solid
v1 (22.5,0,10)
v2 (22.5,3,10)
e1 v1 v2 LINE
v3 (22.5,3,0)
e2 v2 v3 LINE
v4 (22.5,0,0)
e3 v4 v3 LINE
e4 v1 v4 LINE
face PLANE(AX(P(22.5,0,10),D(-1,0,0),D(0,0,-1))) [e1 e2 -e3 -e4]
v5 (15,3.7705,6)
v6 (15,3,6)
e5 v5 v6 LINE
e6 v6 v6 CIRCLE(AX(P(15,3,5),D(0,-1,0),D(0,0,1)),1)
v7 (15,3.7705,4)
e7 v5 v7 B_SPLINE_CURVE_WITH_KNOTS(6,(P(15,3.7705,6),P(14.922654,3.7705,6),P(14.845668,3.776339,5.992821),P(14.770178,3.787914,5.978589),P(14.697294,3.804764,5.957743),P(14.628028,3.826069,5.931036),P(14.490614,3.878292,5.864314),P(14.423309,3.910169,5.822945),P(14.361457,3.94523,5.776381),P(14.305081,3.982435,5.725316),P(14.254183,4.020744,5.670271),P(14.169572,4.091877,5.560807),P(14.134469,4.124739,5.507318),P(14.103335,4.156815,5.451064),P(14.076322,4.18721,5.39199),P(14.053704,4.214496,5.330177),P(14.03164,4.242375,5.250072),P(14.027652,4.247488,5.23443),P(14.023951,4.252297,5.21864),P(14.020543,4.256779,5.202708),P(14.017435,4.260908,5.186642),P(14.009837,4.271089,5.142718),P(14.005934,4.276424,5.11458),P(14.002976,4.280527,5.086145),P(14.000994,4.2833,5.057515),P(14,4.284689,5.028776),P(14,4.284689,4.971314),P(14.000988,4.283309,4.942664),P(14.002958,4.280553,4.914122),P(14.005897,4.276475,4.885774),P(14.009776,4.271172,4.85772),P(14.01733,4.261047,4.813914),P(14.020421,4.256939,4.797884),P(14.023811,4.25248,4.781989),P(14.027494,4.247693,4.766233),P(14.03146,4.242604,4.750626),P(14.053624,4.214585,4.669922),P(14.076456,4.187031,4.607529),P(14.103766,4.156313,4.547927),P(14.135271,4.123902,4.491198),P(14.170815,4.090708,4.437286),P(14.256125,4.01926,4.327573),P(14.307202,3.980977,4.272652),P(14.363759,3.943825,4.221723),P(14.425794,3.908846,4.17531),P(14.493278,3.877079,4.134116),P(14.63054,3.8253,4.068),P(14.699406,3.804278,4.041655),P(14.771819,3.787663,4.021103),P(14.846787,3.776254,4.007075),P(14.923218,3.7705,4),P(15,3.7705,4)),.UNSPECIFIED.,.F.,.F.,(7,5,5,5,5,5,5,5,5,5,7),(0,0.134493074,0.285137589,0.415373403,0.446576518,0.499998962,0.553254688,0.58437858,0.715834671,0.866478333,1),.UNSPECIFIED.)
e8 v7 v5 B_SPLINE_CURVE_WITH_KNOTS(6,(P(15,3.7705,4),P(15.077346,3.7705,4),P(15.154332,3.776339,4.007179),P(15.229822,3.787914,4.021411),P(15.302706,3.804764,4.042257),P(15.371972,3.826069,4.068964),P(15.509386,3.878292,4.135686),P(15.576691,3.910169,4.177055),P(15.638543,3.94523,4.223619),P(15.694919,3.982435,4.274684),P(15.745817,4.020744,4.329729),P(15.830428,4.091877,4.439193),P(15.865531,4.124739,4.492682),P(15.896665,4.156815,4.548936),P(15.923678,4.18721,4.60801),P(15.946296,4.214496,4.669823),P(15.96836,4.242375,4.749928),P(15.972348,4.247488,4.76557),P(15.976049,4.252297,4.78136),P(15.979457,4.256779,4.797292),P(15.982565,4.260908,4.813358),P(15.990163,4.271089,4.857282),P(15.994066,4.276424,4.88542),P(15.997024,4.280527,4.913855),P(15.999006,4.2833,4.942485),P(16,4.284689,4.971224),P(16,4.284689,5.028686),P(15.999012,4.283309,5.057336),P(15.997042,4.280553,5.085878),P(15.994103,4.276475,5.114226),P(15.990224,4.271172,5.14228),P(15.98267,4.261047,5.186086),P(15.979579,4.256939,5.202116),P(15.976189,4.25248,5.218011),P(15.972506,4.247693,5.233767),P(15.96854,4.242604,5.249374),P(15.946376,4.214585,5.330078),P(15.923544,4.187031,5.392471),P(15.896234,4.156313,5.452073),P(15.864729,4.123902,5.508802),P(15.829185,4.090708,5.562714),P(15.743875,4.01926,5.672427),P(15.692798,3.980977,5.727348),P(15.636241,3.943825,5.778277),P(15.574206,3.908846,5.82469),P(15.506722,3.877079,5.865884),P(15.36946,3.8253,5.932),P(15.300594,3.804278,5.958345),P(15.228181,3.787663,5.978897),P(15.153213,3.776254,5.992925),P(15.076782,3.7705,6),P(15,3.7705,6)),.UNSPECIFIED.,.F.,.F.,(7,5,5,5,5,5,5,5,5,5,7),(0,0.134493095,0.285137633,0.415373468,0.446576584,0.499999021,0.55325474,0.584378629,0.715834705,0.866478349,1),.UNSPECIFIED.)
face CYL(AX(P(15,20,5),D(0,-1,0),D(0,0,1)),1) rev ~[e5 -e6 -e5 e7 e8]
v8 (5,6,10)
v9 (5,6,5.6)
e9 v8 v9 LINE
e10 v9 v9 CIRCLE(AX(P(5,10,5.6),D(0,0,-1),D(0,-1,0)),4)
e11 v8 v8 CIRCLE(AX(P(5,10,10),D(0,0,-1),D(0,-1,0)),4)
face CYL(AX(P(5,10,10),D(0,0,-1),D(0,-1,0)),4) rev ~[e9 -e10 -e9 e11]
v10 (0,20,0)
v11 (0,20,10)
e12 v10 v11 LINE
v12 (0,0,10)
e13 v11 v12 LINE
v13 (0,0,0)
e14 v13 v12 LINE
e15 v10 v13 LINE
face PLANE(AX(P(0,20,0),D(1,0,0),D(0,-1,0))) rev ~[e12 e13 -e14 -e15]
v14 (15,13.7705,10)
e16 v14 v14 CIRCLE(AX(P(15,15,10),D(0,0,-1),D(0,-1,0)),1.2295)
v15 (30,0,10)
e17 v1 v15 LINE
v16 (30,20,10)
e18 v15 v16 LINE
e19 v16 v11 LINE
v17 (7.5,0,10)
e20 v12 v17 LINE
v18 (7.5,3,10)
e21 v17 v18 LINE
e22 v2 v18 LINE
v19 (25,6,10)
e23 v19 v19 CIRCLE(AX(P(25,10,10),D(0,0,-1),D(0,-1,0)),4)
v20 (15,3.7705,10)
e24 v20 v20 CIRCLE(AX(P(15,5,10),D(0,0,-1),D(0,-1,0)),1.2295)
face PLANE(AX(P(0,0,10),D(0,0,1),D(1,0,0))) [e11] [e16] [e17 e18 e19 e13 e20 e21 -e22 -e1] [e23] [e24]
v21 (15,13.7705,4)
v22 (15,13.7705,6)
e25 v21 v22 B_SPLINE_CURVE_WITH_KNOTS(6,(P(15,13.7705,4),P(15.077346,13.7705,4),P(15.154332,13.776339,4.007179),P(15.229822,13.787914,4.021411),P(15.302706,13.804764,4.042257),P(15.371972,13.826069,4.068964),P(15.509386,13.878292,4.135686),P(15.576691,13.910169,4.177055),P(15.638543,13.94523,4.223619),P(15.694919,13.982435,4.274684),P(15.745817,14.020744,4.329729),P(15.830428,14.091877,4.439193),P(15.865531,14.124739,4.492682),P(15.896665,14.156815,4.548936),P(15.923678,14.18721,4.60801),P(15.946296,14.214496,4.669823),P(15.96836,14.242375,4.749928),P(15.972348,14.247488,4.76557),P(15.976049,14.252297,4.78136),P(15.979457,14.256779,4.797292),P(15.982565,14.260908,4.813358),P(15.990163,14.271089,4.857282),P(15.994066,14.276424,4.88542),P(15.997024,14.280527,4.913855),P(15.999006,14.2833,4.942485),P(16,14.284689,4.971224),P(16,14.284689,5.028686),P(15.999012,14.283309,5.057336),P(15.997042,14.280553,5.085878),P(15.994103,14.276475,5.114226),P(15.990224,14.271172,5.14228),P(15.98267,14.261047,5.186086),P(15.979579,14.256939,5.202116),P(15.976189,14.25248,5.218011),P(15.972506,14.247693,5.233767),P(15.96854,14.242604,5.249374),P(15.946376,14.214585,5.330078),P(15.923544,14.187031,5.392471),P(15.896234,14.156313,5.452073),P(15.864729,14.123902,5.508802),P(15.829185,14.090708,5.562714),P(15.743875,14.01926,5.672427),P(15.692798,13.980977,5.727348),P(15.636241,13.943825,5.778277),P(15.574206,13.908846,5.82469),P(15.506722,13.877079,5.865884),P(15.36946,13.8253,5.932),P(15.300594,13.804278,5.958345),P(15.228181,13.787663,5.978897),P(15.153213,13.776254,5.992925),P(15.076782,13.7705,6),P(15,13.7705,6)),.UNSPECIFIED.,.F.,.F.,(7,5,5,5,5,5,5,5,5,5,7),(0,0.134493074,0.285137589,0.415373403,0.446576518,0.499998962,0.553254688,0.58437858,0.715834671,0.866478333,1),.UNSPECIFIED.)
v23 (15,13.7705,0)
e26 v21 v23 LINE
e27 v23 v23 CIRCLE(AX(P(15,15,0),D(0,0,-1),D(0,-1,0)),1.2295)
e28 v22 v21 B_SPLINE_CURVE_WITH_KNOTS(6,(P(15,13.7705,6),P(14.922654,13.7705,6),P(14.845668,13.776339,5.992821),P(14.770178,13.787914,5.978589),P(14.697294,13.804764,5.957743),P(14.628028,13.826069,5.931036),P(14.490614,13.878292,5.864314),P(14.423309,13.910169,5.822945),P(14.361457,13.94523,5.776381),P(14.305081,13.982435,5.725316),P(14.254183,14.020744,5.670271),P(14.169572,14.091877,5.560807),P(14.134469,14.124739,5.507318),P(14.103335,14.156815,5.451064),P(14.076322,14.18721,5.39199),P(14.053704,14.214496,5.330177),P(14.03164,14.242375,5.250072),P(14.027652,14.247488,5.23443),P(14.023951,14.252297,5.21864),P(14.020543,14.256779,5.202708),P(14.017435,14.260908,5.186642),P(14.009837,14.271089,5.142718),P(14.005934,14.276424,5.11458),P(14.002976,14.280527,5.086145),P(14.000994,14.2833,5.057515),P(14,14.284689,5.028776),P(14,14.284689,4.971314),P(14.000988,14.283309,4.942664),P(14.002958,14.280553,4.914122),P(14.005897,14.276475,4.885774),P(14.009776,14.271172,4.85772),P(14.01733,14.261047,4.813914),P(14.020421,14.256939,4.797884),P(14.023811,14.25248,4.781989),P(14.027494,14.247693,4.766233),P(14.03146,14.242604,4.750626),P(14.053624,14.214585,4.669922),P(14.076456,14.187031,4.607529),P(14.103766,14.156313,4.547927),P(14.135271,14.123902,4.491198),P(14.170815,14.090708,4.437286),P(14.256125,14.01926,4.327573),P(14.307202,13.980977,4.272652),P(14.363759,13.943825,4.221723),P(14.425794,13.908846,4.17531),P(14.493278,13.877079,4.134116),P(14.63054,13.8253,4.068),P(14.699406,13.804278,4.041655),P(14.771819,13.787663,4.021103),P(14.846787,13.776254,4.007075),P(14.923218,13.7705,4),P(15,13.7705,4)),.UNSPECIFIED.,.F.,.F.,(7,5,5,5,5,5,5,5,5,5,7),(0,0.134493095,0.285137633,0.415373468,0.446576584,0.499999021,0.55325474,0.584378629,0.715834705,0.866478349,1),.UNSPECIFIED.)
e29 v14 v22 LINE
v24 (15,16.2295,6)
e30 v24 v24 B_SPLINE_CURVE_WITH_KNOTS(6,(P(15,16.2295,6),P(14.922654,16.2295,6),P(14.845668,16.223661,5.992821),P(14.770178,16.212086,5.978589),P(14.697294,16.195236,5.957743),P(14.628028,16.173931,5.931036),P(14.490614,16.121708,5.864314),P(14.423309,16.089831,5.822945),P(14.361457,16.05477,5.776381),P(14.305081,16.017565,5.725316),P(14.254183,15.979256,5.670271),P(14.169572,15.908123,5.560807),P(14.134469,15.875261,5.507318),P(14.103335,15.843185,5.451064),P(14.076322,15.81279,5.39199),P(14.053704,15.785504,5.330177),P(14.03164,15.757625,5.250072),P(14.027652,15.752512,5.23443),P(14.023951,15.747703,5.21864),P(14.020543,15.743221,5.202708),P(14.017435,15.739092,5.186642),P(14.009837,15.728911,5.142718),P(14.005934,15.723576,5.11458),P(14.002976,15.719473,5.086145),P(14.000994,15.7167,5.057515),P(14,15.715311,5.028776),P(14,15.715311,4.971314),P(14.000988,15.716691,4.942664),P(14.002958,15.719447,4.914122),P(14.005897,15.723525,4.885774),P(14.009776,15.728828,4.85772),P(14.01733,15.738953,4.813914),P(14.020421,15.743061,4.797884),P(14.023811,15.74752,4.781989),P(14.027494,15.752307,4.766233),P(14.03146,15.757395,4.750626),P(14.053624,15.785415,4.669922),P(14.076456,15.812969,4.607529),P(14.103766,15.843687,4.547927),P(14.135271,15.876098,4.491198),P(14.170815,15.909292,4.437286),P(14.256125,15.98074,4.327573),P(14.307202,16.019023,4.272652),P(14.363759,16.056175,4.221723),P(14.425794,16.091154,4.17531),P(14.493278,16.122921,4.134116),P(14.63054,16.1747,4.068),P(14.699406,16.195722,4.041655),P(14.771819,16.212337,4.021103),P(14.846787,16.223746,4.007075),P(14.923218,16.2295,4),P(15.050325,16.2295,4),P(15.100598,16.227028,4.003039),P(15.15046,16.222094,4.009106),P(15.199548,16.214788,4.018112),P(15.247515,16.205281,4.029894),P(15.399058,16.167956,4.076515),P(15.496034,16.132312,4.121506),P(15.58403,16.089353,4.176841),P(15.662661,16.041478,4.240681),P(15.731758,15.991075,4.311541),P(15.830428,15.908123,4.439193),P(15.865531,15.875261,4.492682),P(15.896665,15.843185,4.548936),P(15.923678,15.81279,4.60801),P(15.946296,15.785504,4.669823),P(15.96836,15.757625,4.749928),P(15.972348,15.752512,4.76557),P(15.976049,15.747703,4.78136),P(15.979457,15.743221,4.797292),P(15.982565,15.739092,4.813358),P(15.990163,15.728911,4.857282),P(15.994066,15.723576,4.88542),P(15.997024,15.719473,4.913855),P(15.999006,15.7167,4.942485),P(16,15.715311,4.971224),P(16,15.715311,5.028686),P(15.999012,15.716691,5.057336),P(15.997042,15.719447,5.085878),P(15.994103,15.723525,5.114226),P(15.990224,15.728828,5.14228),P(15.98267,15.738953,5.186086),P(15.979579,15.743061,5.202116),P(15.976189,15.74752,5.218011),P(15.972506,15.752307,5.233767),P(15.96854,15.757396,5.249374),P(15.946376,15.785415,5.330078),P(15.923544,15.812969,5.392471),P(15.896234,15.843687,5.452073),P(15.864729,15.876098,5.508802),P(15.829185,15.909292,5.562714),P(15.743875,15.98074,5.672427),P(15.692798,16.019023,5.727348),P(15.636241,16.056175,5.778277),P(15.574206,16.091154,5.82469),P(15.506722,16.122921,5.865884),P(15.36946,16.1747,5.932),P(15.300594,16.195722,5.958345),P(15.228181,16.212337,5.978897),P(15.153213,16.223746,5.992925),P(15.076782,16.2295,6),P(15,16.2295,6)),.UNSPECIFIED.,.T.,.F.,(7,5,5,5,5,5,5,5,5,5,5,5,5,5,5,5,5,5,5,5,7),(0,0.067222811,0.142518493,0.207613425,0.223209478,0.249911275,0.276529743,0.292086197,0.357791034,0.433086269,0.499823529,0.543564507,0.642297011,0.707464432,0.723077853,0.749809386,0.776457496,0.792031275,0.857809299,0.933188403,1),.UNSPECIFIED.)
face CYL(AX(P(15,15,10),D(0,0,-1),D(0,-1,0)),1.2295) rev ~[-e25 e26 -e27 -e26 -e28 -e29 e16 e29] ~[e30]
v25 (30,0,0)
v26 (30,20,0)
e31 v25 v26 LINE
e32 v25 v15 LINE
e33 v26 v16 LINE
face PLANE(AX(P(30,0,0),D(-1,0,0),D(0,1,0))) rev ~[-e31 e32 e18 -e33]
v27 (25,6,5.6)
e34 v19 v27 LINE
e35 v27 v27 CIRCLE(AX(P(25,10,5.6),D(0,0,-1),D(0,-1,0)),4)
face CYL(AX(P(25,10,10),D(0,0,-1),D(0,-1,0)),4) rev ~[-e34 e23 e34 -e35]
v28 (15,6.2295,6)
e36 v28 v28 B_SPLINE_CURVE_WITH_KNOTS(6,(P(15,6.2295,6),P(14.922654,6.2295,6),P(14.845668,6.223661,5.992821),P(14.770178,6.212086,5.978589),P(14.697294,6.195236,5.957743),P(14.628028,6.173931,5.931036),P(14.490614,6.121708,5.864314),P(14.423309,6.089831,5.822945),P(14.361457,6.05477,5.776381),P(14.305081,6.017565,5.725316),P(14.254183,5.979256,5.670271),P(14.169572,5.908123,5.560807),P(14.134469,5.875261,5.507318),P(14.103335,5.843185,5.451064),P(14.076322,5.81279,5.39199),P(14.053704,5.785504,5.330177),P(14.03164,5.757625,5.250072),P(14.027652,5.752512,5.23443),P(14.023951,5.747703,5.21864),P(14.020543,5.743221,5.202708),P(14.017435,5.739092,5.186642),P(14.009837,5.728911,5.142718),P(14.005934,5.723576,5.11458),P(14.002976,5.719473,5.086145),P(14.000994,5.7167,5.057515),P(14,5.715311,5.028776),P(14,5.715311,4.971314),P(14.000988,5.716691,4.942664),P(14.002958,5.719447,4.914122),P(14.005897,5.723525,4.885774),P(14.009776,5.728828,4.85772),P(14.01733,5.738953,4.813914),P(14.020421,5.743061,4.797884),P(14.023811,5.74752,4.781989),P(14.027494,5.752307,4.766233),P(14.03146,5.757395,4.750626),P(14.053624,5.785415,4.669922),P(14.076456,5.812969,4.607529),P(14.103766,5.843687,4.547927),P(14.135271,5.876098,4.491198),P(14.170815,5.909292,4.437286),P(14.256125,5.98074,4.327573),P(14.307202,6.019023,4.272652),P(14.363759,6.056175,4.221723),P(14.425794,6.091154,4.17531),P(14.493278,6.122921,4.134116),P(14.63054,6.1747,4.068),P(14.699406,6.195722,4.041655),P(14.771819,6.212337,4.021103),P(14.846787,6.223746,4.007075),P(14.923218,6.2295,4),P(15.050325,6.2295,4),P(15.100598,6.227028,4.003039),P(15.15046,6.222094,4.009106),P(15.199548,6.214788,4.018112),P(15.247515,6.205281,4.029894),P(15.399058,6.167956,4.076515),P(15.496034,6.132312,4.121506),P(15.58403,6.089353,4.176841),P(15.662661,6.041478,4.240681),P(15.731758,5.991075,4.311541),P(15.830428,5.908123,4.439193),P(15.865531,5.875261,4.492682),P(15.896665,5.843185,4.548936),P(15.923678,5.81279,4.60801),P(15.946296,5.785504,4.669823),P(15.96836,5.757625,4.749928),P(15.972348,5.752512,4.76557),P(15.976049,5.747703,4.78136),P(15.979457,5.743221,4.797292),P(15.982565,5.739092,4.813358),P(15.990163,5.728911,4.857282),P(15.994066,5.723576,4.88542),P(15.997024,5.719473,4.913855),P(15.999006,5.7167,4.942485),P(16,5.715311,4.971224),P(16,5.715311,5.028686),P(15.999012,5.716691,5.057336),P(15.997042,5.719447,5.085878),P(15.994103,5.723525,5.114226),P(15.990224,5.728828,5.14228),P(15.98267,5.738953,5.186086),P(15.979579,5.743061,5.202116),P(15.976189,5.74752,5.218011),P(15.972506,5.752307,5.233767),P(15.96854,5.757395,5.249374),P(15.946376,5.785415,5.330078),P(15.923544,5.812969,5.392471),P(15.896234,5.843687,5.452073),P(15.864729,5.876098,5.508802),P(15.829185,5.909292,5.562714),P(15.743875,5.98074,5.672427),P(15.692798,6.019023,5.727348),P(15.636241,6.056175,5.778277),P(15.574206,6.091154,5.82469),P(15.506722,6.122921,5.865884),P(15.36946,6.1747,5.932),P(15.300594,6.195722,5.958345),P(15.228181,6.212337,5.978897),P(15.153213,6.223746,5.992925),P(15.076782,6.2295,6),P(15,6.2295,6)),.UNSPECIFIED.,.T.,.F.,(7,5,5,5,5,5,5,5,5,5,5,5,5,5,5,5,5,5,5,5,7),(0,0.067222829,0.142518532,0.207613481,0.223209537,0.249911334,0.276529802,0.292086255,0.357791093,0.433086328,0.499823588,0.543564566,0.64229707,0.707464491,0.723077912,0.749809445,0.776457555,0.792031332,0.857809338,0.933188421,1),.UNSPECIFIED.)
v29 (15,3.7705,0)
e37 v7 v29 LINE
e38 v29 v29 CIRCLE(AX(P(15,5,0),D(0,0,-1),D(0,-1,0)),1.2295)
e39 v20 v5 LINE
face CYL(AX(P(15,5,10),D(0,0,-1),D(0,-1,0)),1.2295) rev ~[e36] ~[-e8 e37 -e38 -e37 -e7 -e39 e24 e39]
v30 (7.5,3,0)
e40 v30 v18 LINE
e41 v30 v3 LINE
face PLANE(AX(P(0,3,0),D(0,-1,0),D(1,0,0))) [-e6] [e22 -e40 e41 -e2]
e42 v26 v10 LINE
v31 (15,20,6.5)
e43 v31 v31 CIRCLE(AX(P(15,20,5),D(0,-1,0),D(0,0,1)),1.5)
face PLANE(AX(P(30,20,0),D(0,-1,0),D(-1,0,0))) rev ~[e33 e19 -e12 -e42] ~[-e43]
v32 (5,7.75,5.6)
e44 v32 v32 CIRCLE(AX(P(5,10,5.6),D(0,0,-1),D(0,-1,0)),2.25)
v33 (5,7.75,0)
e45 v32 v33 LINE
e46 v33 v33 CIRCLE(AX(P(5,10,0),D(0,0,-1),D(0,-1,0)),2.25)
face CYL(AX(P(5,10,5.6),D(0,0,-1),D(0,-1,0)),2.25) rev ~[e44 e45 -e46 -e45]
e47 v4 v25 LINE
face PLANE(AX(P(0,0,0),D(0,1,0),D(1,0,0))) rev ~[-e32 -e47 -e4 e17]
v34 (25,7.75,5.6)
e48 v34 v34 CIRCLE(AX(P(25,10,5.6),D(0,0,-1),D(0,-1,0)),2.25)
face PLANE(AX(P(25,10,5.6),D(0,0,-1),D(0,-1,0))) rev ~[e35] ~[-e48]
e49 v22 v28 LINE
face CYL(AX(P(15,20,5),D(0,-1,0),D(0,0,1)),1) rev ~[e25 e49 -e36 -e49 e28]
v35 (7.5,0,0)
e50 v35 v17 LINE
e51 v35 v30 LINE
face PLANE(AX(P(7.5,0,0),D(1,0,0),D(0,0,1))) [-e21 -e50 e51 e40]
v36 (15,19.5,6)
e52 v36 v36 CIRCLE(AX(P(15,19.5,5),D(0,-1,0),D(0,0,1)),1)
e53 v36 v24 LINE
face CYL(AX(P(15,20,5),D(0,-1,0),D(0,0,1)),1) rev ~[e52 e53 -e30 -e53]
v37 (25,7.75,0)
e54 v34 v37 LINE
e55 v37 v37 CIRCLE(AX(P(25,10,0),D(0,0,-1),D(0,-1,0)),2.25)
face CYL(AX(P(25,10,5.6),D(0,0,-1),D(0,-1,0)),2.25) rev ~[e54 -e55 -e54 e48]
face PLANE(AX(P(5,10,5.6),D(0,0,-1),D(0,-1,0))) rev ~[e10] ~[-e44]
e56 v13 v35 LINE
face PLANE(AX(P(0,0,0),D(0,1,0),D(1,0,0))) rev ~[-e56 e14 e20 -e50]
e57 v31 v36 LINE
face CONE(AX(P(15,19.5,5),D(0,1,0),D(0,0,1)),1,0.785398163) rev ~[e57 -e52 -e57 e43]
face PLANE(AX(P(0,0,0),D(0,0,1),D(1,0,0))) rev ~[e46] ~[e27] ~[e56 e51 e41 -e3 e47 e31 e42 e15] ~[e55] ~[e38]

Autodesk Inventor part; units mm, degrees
ref_plane "YZ Plane" through (0, 0, 0) normal (1, 0, 0) x (0, 1, 0)
ref_plane "XZ Plane" through (0, 0, 0) normal (0, 1, 0) x (-1, 0, 0)
ref_plane "XY Plane" through (0, 0, 0) normal (0, 0, 1) x (1, 0, 0)
sketch "Skizze1" plane through (0, 0, 0) normal (0, 0, 1) x (1, 0, 0)
  line L0 (0, 0) -> (30, 0)
  line L1 (30, 0) -> (30, 20)
  line L2 (30, 20) -> (0, 20)
  line L3 (0, 20) -> (0, 0)
  dimension "d0" = 20
  dimension "d1" = 30
extrude "Extrusion1" add sketch "Skizze1" along normal blind 10
sketch "Skizze2" plane through (0, 0, 10) normal (0, 0, 1) x (1, 0, 0)
  line L0 (0, 0) -> (0, 20) projected
  line L1 (30, 0) -> (0, 0) projected
  line L2 (30, 20) -> (30, 0) projected
  line L3 (0, 20) -> (30, 20) projected
  line L4 (0, 10) -> (30, 10)
  line L5 (15, 20) -> (15, 0)
  point P0 (5, 10)
  point P1 (25, 10)
  dimension "d4" = 20
hole "Bohrung1" at (5, 10, 10) at (25, 10, 10) direction (0, 0, -1) diameter 4.5 end through all counterbore diameter 8 counterbore depth 4.4
sketch "Skizze3" plane through (0, 0, 10) normal (0, 0, 1) x (1, 0, 0)
  circle A0 centre (25, 10) radius 4 projected
  circle A1 centre (5, 10) radius 4 projected
  line L0 (30, 0) -> (0, 0) projected
  line L1 (0, 20) -> (30, 20) projected
  line L2 (15, 20) -> (15, 0)
  line L3 (5, 10) -> (25, 10)
  point P0 (15, 15)
  point P1 (15, 5)
  dimension "d12" = 10
hole "Bohrung2" at (15, 15, 10) at (15, 5, 10) direction (0, 0, -1) diameter 2.459 end through all thread size "M3x0.5" class "6H" standard "ISO Metric profile"
sketch "Skizze4" plane through (0, 20, 0) normal (0, 1, 0) x (1, 0, 0)
  line L0 (0, -10) -> (30, -10) projected
  line L1 (30, 0) -> (0, 0) projected
  line L2 (15, 0) -> (15, -10)
  point P0 (15, -5)
  dimension "d20" = 5
hole "Bohrung3" at (15, 20, 5) direction (0, -1, 0) diameter 2 end through all
chamfer "Fase1" distance 0.5 angle 45 2 edges at (15, 20, 4) (15, 0, 4)
sketch "Skizze5" plane through (0, 0, 0) normal (0, -1, 0) x (1, 0, 0)
  line L0 (30, 10) -> (0, 10) projected
  line L1 (0, 0) -> (0, 10) projected
  line L2 (0, 0) -> (30, 0) projected
  line L3 (7.5, 10) -> (22.5, 10)
  line L4 (22.5, 10) -> (22.5, 0)
  line L5 (22.5, 0) -> (7.5, 0)
  line L6 (7.5, 0) -> (7.5, 10)
  line L7 (15, 10) -> (15, 0)
  dimension "d31" = 15
  dimension "d32" = 15
extrude "Extrusion2" cut sketch "Skizze5" against normal blind 3 contours L4 L2 L7 L0 | L7 L2 L6 L0
properties part number "13_0204_073"
